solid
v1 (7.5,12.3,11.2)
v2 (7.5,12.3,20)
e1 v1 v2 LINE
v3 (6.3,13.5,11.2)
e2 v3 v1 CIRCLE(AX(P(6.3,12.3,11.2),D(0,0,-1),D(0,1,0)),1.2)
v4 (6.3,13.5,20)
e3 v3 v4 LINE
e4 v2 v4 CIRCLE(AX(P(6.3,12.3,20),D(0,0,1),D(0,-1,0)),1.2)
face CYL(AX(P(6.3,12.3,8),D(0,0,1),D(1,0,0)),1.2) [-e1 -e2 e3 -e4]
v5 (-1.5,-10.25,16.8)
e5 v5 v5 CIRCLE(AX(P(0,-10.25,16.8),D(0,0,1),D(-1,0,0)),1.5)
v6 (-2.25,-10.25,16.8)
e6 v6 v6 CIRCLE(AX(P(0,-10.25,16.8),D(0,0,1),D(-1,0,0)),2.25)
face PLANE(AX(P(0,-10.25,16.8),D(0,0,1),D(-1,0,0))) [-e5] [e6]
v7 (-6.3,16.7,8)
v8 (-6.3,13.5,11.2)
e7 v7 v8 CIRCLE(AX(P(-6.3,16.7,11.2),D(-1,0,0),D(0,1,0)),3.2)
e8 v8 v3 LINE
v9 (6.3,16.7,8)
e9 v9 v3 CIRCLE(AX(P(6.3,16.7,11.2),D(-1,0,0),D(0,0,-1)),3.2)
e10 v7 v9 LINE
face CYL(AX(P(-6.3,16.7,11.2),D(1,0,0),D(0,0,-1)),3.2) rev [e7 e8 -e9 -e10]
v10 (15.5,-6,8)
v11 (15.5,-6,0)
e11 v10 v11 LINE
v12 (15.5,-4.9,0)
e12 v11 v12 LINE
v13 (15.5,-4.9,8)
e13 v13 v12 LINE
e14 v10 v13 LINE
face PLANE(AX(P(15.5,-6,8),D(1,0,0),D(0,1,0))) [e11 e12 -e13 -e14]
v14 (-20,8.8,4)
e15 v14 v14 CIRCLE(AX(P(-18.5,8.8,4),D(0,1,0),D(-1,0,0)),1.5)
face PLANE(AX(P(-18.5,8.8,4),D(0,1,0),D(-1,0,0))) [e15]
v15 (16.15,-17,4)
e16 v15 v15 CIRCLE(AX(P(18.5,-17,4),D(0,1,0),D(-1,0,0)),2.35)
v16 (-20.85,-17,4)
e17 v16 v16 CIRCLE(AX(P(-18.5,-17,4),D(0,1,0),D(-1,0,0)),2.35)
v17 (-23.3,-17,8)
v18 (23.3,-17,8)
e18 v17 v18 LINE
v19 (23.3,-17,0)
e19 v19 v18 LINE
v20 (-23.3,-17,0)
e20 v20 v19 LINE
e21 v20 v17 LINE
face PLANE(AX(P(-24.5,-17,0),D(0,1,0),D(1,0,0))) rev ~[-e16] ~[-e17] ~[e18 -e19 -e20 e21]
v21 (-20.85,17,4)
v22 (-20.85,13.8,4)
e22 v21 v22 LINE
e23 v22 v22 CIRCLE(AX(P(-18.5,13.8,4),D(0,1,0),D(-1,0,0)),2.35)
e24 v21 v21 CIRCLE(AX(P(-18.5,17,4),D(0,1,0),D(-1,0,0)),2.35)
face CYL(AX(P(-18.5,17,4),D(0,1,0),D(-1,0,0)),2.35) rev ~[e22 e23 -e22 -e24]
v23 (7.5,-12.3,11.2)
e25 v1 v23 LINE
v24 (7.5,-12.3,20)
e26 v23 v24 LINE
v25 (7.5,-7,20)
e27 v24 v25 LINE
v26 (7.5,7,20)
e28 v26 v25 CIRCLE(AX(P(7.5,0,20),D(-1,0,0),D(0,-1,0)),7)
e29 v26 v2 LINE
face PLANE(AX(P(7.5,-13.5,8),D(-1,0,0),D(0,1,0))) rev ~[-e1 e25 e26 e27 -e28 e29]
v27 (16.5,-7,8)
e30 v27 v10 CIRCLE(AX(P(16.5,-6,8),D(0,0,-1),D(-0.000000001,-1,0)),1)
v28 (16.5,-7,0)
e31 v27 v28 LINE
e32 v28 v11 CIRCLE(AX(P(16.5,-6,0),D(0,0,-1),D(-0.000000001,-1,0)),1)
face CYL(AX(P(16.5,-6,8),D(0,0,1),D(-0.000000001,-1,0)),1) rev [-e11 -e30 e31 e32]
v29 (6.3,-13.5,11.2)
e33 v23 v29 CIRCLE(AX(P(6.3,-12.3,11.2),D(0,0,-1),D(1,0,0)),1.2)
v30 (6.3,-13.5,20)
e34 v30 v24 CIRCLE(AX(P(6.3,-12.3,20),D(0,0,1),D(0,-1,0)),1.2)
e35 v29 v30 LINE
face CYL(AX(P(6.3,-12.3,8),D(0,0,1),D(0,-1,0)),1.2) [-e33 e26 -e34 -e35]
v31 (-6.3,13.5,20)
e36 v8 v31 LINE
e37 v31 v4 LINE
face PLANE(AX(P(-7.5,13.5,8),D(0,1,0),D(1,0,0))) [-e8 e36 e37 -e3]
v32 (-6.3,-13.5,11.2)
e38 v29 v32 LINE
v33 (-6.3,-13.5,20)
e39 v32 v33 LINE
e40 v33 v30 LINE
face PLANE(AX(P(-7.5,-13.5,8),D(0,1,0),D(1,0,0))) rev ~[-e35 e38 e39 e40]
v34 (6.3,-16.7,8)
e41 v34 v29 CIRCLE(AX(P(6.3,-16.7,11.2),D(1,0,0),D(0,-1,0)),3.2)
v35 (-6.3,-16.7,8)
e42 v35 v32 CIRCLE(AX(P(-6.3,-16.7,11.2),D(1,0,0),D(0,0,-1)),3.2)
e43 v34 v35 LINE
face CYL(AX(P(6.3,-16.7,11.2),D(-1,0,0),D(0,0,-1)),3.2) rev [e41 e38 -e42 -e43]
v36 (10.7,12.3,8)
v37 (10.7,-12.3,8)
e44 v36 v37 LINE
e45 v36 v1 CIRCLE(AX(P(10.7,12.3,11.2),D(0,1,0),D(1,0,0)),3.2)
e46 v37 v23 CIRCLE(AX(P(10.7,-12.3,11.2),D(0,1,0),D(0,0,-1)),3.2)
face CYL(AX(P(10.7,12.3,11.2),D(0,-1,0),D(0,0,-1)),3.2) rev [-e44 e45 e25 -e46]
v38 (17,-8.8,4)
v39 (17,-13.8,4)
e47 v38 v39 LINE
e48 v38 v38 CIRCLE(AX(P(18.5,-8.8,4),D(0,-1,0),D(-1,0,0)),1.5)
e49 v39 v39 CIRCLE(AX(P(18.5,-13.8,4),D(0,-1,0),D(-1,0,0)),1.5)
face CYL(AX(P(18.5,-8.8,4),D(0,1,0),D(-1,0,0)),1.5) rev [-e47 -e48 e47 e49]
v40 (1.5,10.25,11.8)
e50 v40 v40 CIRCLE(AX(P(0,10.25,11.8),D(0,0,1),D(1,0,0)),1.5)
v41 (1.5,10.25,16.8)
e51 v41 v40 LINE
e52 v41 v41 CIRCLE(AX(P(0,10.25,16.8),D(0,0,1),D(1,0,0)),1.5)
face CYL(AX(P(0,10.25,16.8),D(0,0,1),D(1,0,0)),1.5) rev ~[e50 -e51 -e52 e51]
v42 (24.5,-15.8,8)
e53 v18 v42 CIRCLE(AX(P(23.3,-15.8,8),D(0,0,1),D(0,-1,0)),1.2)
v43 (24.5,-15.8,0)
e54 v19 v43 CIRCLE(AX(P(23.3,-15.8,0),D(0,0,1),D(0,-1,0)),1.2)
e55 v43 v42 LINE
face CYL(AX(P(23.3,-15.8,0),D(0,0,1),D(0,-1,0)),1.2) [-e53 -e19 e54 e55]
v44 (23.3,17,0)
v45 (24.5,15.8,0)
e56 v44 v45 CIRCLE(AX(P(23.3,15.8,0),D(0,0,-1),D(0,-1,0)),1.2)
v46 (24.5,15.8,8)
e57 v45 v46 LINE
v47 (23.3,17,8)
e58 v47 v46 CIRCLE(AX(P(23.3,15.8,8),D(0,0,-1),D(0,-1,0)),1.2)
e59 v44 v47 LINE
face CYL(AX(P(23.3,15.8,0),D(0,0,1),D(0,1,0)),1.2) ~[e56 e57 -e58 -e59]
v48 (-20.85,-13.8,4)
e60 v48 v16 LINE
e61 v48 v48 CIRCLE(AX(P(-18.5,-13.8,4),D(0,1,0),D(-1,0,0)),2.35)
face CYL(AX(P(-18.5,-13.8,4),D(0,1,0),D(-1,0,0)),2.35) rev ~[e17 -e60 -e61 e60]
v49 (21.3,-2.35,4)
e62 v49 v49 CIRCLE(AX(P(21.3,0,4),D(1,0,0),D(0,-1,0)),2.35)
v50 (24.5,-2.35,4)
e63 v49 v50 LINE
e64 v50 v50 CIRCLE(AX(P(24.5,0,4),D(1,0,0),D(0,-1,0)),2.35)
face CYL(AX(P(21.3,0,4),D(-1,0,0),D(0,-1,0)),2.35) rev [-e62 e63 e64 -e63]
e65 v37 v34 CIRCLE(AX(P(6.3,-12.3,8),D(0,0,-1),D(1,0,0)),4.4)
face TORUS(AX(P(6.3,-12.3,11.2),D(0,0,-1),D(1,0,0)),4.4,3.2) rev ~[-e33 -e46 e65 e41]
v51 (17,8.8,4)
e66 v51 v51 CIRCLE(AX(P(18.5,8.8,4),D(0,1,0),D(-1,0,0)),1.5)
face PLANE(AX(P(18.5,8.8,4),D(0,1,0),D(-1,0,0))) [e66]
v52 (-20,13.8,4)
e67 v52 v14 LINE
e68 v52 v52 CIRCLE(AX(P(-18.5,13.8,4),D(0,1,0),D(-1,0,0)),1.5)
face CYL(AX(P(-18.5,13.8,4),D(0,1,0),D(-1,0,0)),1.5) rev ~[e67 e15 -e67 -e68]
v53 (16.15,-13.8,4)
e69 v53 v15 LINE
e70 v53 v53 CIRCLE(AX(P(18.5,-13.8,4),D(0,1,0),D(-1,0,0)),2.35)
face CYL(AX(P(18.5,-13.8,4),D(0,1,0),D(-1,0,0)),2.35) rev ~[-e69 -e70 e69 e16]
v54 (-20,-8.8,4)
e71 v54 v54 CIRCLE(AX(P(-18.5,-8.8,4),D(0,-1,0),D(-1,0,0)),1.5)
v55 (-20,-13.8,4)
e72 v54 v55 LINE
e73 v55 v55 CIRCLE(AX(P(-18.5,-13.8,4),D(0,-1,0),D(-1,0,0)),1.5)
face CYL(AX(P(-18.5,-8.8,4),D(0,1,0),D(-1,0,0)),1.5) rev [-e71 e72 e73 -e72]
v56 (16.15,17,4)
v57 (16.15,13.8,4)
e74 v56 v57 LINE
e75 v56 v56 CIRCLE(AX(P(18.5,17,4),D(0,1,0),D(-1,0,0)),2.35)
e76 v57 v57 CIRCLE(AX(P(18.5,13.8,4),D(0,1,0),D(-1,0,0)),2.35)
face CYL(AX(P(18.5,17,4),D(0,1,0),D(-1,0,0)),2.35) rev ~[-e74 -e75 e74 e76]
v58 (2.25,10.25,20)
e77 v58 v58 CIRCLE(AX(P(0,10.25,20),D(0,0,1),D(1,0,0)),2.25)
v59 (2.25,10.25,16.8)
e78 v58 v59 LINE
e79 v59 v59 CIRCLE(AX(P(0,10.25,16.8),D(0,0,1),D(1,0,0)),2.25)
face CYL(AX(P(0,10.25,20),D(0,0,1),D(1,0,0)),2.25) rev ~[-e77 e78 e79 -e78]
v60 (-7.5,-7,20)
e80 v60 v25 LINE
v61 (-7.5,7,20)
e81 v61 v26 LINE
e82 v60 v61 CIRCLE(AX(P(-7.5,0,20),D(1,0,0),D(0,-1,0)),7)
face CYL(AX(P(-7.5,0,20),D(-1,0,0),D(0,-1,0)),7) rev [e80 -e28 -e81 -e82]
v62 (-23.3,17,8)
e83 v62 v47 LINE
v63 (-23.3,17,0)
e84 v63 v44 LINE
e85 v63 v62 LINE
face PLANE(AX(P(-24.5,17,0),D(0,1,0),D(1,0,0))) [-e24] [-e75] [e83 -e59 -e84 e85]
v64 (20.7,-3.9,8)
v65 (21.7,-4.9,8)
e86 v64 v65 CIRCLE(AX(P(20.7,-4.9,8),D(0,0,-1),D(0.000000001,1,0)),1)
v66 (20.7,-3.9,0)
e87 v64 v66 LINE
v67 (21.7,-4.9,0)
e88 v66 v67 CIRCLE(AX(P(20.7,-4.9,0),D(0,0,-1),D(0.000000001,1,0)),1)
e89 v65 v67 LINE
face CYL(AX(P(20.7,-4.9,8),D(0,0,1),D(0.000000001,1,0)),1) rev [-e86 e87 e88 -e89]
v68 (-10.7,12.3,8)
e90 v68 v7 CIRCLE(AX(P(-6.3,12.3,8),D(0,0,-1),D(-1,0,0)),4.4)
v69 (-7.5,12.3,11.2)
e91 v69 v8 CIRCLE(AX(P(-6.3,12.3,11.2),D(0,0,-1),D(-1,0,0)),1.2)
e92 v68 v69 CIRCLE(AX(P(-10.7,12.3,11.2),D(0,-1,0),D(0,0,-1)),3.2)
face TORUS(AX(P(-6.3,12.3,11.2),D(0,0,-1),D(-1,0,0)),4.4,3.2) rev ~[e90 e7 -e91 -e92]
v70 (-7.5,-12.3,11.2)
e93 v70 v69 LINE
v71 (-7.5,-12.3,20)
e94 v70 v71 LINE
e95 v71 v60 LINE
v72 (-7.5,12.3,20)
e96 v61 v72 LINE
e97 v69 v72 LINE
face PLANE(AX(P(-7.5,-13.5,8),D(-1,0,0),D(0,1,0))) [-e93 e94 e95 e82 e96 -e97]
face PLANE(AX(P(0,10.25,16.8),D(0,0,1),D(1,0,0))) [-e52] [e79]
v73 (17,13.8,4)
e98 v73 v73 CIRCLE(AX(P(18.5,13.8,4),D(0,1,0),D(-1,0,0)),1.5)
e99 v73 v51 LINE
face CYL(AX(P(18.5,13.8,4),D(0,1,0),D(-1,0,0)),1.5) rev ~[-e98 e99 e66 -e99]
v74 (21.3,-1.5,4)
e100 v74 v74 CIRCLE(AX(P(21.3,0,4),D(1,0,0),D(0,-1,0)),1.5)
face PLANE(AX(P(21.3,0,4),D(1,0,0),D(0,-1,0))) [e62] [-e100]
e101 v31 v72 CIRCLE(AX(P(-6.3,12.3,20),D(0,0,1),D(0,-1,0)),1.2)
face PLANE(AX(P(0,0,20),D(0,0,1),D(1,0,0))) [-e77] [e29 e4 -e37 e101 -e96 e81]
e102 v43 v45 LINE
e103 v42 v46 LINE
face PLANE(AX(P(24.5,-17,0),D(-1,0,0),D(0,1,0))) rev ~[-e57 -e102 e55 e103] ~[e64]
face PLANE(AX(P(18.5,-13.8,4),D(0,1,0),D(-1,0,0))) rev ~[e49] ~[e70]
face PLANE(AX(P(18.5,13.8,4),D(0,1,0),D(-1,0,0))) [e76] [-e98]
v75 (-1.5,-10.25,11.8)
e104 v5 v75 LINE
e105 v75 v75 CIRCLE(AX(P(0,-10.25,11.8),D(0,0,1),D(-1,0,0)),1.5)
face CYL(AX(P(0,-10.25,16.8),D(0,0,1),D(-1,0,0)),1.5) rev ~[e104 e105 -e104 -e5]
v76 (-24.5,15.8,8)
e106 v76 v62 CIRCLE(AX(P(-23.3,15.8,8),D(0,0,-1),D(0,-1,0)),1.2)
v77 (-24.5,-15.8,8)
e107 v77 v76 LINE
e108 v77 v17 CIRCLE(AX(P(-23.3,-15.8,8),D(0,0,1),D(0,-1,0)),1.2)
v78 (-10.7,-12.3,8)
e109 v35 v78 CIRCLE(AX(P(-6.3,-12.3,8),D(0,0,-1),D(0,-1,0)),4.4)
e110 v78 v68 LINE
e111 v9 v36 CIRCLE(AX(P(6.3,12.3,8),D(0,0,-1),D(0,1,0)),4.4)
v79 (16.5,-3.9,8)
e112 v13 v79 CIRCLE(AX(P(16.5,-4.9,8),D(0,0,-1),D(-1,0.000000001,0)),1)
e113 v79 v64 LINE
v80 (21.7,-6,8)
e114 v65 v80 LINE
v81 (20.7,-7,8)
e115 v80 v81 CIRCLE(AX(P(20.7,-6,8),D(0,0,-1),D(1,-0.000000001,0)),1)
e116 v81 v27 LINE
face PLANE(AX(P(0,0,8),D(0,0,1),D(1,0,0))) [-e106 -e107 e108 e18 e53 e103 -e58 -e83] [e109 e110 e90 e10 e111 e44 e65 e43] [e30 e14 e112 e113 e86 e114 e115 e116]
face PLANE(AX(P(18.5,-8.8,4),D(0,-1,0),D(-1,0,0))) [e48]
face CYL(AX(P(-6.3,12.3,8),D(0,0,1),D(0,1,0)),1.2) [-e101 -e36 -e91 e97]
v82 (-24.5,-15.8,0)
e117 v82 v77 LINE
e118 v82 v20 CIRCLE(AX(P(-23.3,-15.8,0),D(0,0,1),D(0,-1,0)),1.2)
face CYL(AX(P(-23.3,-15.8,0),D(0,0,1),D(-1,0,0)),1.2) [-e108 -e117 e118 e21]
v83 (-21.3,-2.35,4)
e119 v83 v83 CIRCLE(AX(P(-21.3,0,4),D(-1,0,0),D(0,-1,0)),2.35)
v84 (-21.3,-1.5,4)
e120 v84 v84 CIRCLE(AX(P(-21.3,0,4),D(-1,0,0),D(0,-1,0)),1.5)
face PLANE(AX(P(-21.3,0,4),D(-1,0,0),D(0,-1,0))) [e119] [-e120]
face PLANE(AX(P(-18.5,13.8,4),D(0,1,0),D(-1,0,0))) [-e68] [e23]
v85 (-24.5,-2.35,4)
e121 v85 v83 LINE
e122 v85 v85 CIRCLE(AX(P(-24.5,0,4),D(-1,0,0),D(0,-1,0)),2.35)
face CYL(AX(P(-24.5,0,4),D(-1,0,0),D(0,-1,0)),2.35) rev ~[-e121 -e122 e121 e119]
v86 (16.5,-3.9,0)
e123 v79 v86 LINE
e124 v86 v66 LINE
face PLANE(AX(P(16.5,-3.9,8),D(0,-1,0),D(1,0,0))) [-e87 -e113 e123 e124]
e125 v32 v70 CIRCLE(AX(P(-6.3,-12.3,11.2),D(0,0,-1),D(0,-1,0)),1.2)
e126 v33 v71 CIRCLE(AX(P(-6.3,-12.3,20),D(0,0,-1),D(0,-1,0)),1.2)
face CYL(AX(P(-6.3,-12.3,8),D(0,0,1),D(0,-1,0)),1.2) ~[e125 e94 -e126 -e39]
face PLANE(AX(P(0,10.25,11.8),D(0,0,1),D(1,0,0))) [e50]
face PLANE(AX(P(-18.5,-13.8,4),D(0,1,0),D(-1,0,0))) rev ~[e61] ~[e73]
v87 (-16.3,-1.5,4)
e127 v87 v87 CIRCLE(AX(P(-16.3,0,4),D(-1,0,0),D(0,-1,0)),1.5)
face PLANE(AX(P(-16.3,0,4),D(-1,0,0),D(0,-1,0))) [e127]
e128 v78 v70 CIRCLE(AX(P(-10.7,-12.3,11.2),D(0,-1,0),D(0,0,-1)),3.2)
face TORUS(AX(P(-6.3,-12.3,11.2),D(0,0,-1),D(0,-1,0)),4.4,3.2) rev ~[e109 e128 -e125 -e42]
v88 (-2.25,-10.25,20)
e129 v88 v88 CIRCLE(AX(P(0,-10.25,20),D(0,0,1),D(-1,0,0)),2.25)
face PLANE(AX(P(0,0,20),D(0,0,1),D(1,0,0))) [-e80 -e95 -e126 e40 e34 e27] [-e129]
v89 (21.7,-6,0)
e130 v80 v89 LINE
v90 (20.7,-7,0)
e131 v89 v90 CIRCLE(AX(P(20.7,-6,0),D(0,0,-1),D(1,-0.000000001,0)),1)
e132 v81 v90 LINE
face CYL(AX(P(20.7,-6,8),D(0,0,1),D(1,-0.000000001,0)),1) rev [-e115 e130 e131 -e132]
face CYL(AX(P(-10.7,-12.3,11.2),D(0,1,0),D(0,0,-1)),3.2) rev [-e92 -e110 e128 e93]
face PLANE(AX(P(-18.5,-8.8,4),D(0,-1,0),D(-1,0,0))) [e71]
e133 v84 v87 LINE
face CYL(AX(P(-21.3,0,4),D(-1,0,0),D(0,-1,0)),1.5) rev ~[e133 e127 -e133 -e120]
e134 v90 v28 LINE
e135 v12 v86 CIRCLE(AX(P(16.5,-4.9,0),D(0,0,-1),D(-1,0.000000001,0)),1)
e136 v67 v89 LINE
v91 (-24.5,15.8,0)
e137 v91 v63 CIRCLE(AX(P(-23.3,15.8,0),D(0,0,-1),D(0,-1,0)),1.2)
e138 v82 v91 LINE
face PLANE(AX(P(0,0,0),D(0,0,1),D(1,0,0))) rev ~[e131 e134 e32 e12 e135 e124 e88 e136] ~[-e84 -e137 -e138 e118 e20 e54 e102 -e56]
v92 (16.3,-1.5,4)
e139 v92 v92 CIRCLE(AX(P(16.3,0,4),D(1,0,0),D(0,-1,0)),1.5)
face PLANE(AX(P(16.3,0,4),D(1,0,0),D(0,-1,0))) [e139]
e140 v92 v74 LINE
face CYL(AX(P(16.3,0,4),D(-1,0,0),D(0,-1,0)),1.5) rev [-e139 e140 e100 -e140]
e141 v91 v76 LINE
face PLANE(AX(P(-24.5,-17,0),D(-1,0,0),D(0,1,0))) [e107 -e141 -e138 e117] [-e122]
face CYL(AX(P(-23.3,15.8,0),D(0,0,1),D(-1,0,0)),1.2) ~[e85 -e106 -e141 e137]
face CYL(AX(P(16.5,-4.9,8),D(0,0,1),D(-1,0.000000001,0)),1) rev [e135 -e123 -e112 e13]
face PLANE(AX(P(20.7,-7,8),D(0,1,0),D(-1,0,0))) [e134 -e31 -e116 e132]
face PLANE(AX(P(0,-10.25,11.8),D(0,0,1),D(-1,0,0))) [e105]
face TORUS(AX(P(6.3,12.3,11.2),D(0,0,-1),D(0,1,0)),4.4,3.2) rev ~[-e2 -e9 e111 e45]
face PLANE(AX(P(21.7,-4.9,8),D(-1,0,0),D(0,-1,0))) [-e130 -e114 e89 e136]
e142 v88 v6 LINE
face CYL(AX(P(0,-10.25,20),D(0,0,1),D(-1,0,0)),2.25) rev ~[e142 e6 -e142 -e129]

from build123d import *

# Parameters (mm, degrees)
ESQUISSE1_W                = 49
ESQUISSE1_H                = 34
BASE_DEPTH                 = 8
ESQUISSE2_R                = 2.35
INSERT_M3_L_DEPTH          = 3.2
INSERT_M3_R_START          = -3.2
ESQUISSE3_R                = 2.35
INSERT_M3_R_DEPTH          = 3.2
ESQUISSE4_R                = 2.35
INSERT_M3_TOP_DEPTH        = 3.2
INSER_M3_BOT_START         = 3.2
ESQUISSE5_R                = 2.35
INSER_M3_BOT_DEPTH         = 3.2
ESQUISSE11_R               = 1.5
PASSAGE_VIS_L_DEPTH        = 5
PASSAGE_VIS_R_START        = -5
ESQUISSE12_R               = 1.5
PASSAGE_VIS_R_DEPTH        = 5
ESQUISSE10_R               = 1.5
PASSAGE_VIS_TOP_DEPTH      = 5
PASSAGE_VIS_BOT_START      = -5
ESQUISSE13_R               = 1.5
PASSAGE_VIS_BOT_DEPTH      = 5
CONG_1_R                   = 1.2
ESQUISSE6_W                = 15
ESQUISSE6_H                = 27
SUPPORT_FIXATION_DEPTH     = 12
PASSAGE_GUIDON_REACH       = 43.388
CONG_VERTICAL_R            = 1.2
CONG_BASE_R                = 3.2
ESQUISSE8_R                = 2.25
INSERTS_M3_FIXATION_DEPTH  = 3.2
ESQUISSE9_R                = 1.5
PASSAGE_VIS_FIXATION_DEPTH = 5
PASSE_CABLE_DEPTH          = 8


with BuildPart() as part:
    # Esquisse1 → Base (new body)
    with BuildSketch(Plane.XY):
        Rectangle(ESQUISSE1_W, ESQUISSE1_H)
    extrude(amount=BASE_DEPTH)

    # Esquisse2 → Insert_M3_L (cut)
    with BuildSketch(Plane.ZY.offset(24.5)):
        with Locations(Location((4, 0, 0), (0, 0, 270))):
            Circle(ESQUISSE2_R)
    extrude(amount=-INSERT_M3_L_DEPTH, mode=Mode.SUBTRACT)

    # Esquisse3 → Insert_M3_R (cut)
    with BuildSketch(Plane(origin=(24.5, 0, 0), x_dir=(0, 0, -1), z_dir=(1, 0, 0)).offset(INSERT_M3_R_START)):
        with Locations(Location((-4, 0, 0), (0, 0, 270))):
            Circle(ESQUISSE3_R)
    extrude(amount=INSERT_M3_R_DEPTH, mode=Mode.SUBTRACT)

    # Esquisse4 → Insert_M3_TOP (cut)
    with BuildSketch(Plane(origin=(0, 17, 0), x_dir=(1, 0, 0), z_dir=(0, 1, 0))):
        with Locations(Location((-18.5, -4, 0), (0, 0, 180))):
            Circle(ESQUISSE4_R)
        with Locations(Location((18.5, -4, 0), (0, 0, 180))):
            Circle(ESQUISSE4_R)
    extrude(amount=-INSERT_M3_TOP_DEPTH, mode=Mode.SUBTRACT)

    # Esquisse5 → Inser_M3_BOT (cut)
    with BuildSketch(Plane(origin=(0, -17, -17), x_dir=(1, 0, 0), z_dir=(0, 1, 0)).offset(INSER_M3_BOT_START)):
        with Locations(Location((-18.5, -21, 0), (0, 0, 180))):
            Circle(ESQUISSE5_R)
        with Locations(Location((18.5, -21, 0), (0, 0, 180))):
            Circle(ESQUISSE5_R)
    extrude(amount=-INSER_M3_BOT_DEPTH, mode=Mode.SUBTRACT)

    # Esquisse11 → Passage_Vis_L (cut)
    with BuildSketch(Plane.ZY.offset(21.3)):
        with Locations(Location((4, 0, 0), (0, 0, 270))):
            Circle(ESQUISSE11_R)
    extrude(amount=-PASSAGE_VIS_L_DEPTH, mode=Mode.SUBTRACT)

    # Esquisse12 → Passage_Vis_R (cut)
    with BuildSketch(Plane(origin=(21.3, 0, 0), x_dir=(0, 0, -1), z_dir=(1, 0, 0)).offset(PASSAGE_VIS_R_START)):
        with Locations(Location((-4, 0, 0), (0, 0, 270))):
            Circle(ESQUISSE12_R)
    extrude(amount=PASSAGE_VIS_R_DEPTH, mode=Mode.SUBTRACT)

    # Esquisse10 → Passage_Vis_TOP (cut)
    with BuildSketch(Plane(origin=(0, 13.8, 0), x_dir=(1, 0, 0), z_dir=(0, 1, 0))):
        with Locations(Location((-18.5, -4, 0), (0, 0, 180))):
            Circle(ESQUISSE10_R)
        with Locations(Location((18.5, -4, 0), (0, 0, 180))):
            Circle(ESQUISSE10_R)
    extrude(amount=-PASSAGE_VIS_TOP_DEPTH, mode=Mode.SUBTRACT)

    # Esquisse13 → Passage_Vis_BOT (cut)
    with BuildSketch(Plane.XZ.offset(13.8).offset(PASSAGE_VIS_BOT_START)):
        with Locations(Location((-18.5, 4, 0), (0, 0, 180))):
            Circle(ESQUISSE13_R)
        with Locations(Location((18.5, 4, 0), (0, 0, 180))):
            Circle(ESQUISSE13_R)
    extrude(amount=PASSAGE_VIS_BOT_DEPTH, mode=Mode.SUBTRACT)

    # Congé1
    cong_1_edges = [part.edges().sort_by_distance(p)[0] for p in [
        (-24.5, 17, 4),
        (24.5, 17, 4),
        (24.5, -17, 4),
        (-24.5, -17, 4),
    ]]
    fillet(cong_1_edges, radius=CONG_1_R)

    # Esquisse6 → Support_Fixation (add)
    with BuildSketch(Plane.XY.offset(8)):
        Rectangle(ESQUISSE6_W, ESQUISSE6_H)
    extrude(amount=SUPPORT_FIXATION_DEPTH)

    # Esquisse7 → Passage_Guidon (cut, up to next)
    with BuildSketch(Plane.ZY.offset(7.5), mode=Mode.PRIVATE) as passage_guidon_sk1:
        with BuildLine():
            Line((20, 7), (20, -7))
            ThreePointArc((20, -7), (13, 0), (20, 7))
        make_face()
    passage_guidon_tool1 = extrude(passage_guidon_sk1.sketch, amount=-PASSAGE_GUIDON_REACH, mode=Mode.PRIVATE) & part.part
    add(passage_guidon_tool1.solids().sort_by_distance((-7.5, 0, 17.029108))[0], mode=Mode.SUBTRACT)

    # Congé_Vertical
    cong_vertical_edges = [part.edges().sort_by_distance(p)[0] for p in [
        (-7.5, 13.5, 14),
        (-7.5, -13.5, 14),
        (7.5, -13.5, 14),
        (7.5, 13.5, 14),
    ]]
    fillet(cong_vertical_edges, radius=CONG_VERTICAL_R)

    # Congé_Base
    cong_base_edges = [part.edges().sort_by_distance(p)[0] for p in [
        (-7.5, 0, 8),
        (0, 13.5, 8),
        (7.5, 0, 8),
        (0, -13.5, 8),
        (-7.148528137, 13.148528137, 8),
        (7.148528137, 13.148528137, 8),
        (7.148528137, -13.148528137, 8),
        (-7.148528137, -13.148528137, 8),
    ]]
    fillet(cong_base_edges, radius=CONG_BASE_R)

    # Esquisse8 → Inserts_M3_Fixation (cut)
    with BuildSketch(Plane.XY.offset(20)):
        with Locations((0, 10.25)):
            Circle(ESQUISSE8_R)
        with Locations(Location((0, -10.25, 0), (0, 0, 180))):
            Circle(ESQUISSE8_R)
    extrude(amount=-INSERTS_M3_FIXATION_DEPTH, mode=Mode.SUBTRACT)

    # Esquisse9 → Passage_Vis_Fixation (cut)
    with BuildSketch(Plane.XY.offset(16.8)):
        with Locations((0, 10.25)):
            Circle(ESQUISSE9_R)
        with Locations(Location((0, -10.25, 0), (0, 0, 180))):
            Circle(ESQUISSE9_R)
    extrude(amount=-PASSAGE_VIS_FIXATION_DEPTH, mode=Mode.SUBTRACT)

    # Esquisse14 → Passe_Cable (cut)
    with BuildSketch(Plane.XY.offset(8)):
        with BuildLine():
            Line((16.5, -3.9), (20.7, -3.9))
            ThreePointArc((20.7, -3.9), (21.407106781, -4.192893219), (21.7, -4.9))
            Line((21.7, -4.9), (21.7, -6))
            ThreePointArc((21.7, -6), (21.407106781, -6.707106781), (20.7, -7))
            Line((20.7, -7), (16.5, -7))
            ThreePointArc((16.5, -7), (15.792893219, -6.707106781), (15.5, -6))
            Line((15.5, -6), (15.5, -4.9))
            ThreePointArc((15.5, -4.9), (15.792893219, -4.192893219), (16.5, -3.9))
        make_face()
    extrude(amount=-PASSE_CABLE_DEPTH, mode=Mode.SUBTRACT)


solid = part.part
